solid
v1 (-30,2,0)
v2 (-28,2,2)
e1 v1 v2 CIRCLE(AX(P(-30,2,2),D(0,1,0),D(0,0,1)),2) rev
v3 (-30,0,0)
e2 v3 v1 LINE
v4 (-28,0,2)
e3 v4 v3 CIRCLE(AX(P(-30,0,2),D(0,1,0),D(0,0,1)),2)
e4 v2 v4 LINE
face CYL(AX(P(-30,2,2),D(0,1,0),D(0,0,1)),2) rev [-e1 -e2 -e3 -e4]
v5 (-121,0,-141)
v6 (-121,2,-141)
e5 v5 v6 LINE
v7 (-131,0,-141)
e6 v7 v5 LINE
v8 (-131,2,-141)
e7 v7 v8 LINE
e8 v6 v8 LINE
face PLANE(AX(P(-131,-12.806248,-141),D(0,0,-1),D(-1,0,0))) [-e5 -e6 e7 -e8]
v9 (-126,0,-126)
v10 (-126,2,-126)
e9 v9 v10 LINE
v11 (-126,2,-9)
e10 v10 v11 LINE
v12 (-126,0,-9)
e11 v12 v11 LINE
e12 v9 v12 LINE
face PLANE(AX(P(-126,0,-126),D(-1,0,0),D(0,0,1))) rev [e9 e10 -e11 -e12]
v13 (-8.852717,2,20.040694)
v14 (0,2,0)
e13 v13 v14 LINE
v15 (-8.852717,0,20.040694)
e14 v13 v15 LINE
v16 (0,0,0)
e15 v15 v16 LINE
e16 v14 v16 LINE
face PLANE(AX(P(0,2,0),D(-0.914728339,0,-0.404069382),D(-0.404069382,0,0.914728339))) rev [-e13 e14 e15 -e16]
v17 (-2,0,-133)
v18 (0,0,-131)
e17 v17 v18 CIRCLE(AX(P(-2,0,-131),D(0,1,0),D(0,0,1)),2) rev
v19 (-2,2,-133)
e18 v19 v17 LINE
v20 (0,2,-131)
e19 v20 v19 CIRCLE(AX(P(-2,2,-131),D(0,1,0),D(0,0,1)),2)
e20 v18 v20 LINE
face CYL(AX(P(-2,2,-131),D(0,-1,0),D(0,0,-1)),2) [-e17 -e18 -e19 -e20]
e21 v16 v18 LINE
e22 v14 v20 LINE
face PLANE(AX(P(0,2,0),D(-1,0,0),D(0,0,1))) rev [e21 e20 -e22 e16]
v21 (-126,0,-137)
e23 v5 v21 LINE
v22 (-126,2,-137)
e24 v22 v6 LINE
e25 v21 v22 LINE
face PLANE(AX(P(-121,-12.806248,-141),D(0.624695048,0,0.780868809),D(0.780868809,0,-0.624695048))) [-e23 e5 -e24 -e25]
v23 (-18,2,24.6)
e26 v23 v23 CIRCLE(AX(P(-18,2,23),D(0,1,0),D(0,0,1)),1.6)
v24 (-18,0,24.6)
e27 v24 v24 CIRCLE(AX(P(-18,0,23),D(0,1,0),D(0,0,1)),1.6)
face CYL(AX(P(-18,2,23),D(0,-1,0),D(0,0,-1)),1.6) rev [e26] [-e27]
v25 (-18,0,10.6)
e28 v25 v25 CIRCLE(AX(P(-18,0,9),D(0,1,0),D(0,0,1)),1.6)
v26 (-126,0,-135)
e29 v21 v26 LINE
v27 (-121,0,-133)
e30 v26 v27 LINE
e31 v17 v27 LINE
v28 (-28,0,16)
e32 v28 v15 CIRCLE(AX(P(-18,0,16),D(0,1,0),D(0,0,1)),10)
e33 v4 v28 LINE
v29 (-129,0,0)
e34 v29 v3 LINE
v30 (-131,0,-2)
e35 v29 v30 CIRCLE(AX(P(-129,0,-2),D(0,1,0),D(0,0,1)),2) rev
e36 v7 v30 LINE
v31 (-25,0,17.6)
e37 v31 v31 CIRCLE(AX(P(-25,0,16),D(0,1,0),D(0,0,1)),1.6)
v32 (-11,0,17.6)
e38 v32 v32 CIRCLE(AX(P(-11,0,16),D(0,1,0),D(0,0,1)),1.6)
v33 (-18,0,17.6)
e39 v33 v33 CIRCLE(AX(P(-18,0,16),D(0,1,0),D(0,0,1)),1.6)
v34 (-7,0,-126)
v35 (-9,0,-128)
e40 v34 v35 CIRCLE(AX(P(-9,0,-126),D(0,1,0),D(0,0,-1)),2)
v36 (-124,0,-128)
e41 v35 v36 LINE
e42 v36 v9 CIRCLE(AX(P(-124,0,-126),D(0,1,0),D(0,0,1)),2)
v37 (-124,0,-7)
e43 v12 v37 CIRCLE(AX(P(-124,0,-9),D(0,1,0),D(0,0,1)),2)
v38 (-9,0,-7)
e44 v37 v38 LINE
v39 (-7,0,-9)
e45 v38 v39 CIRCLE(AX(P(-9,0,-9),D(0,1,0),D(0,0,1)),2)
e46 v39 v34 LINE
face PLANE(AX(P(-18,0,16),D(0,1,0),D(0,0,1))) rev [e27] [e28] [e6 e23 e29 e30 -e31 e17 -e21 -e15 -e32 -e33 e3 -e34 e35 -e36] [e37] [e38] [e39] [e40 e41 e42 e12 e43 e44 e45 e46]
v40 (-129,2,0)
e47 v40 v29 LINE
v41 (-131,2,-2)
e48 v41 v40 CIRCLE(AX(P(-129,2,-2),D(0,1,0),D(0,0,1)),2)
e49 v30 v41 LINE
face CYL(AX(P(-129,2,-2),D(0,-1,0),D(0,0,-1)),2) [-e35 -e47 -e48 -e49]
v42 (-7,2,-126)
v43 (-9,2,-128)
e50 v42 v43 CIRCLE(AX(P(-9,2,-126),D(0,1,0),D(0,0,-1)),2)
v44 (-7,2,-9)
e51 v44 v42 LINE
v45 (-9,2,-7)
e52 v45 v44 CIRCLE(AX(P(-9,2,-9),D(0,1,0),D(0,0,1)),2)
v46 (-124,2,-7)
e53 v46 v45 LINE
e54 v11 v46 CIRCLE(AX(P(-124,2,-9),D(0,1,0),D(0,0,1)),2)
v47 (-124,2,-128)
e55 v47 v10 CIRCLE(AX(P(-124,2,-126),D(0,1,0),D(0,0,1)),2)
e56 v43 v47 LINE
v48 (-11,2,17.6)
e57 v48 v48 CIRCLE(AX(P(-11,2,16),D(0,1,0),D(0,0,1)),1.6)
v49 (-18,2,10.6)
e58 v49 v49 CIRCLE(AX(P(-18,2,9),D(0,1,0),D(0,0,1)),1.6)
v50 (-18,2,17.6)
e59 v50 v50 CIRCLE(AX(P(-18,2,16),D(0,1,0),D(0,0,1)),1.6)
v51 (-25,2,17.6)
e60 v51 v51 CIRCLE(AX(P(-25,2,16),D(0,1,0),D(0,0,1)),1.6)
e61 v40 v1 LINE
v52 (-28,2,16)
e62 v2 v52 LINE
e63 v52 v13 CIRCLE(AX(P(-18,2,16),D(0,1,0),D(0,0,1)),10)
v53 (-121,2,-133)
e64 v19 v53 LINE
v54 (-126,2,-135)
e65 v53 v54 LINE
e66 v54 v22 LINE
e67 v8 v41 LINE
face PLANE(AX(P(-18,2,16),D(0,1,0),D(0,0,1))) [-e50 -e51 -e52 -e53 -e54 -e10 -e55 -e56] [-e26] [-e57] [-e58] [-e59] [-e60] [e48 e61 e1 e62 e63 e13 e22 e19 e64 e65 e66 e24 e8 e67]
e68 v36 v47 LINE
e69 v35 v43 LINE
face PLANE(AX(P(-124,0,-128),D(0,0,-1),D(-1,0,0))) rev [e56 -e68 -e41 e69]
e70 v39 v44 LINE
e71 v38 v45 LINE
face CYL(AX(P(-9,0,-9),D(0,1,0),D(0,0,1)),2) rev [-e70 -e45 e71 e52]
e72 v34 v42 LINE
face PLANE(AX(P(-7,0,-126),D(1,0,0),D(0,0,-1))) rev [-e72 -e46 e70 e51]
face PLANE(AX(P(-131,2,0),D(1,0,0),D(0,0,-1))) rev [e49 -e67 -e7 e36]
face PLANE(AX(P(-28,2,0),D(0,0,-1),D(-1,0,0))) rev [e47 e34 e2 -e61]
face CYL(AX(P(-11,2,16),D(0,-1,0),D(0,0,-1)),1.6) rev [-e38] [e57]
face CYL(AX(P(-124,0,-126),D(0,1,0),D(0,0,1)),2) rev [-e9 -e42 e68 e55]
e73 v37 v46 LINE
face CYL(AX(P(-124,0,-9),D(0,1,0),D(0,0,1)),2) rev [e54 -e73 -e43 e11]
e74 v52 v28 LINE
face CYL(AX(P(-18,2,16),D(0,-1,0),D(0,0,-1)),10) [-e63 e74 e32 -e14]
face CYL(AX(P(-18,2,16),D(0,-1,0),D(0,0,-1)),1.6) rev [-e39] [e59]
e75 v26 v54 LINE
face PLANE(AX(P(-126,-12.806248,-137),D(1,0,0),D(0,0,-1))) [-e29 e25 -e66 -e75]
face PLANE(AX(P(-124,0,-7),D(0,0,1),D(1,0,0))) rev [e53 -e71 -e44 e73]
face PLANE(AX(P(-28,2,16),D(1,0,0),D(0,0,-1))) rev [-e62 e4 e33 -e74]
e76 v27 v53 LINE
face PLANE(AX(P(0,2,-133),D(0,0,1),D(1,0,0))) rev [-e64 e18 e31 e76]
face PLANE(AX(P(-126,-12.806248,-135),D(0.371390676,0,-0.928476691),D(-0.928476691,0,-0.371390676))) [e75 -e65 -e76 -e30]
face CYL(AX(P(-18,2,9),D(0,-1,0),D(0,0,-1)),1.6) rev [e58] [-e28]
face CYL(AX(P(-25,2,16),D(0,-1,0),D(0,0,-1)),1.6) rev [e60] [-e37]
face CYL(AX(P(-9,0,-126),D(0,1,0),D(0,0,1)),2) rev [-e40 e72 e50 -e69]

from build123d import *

# Parameters (mm, degrees)
SKETCH_1_R          = 1.6
EXTRUDE_1_DEPTH     = 2
EXTRUDE_2_DEPTH     = 2
CUT_EXTRUDE_1_DEPTH = 193.473374782
FILLET_1_R          = 2


with BuildPart() as part:
    # 草图1 → 凸台-拉伸1 (new body)
    with BuildSketch(Plane(origin=(0, 0, 0), x_dir=(1, 0, 0), z_dir=(0, 1, 0))):
        with BuildLine():
            Line((-28, -16), (-28, 0))
            Line((-28, 0), (-131, 0))
            Line((-131, 0), (-131, 133))
            Line((-131, 133), (0, 133))
            Line((0, 133), (0, 0))
            Line((0, 0), (-8.852716607, -20.040693817))
            ThreePointArc((-8.852716607, -20.040693817), (-20.064844554, -25.78449881), (-28, -16))
        make_face()
        with Locations(Location((-18, -9, 0), (0, 0, 270))):
            Circle(SKETCH_1_R, mode=Mode.SUBTRACT)
        with Locations(Location((-11, -16, 0), (0, 0, 270))):
            Circle(SKETCH_1_R, mode=Mode.SUBTRACT)
        with Locations(Location((-18, -23, 0), (0, 0, 270))):
            Circle(SKETCH_1_R, mode=Mode.SUBTRACT)
        with Locations(Location((-25, -16, 0), (0, 0, 270))):
            Circle(SKETCH_1_R, mode=Mode.SUBTRACT)
        with Locations(Location((-18, -16, 0), (0, 0, 270))):
            Circle(SKETCH_1_R, mode=Mode.SUBTRACT)
    extrude(amount=EXTRUDE_1_DEPTH)

    # 草图2 → 凸台-拉伸2 (add)
    with BuildSketch(Plane(origin=(0, 2, 0), x_dir=(1, 0, 0), z_dir=(0, 1, 0))):
        Polygon((-131, 133), (-131, 141), (-121, 141), (-126, 137), (-126, 135), (-121, 133), align=None)
    extrude(amount=-EXTRUDE_2_DEPTH)

    # 草图3 → 切除-拉伸1 (cut, through all)
    with BuildSketch(Plane(origin=(0, 2, 0), x_dir=(1, 0, 0), z_dir=(0, 1, 0))):
        with BuildLine():
            Line((-124, 128), (-9, 128))
            ThreePointArc((-9, 128), (-7.585786438, 127.414213562), (-7, 126))
            Line((-7, 126), (-7, 9))
            ThreePointArc((-7, 9), (-7.585786438, 7.585786438), (-9, 7))
            Line((-9, 7), (-124, 7))
            ThreePointArc((-124, 7), (-125.414213562, 7.585786438), (-126, 9))
            Line((-126, 9), (-126, 126))
            ThreePointArc((-126, 126), (-125.414213562, 127.414213562), (-124, 128))
        make_face()
    extrude(amount=-CUT_EXTRUDE_1_DEPTH, mode=Mode.SUBTRACT)

    # 圆角1
    fillet_1_edges = [part.edges().sort_by_distance(p)[0] for p in [
        (-28, 1, 0),
        (-131, 1, 0),
        (0, 1, -133),
    ]]
    fillet(fillet_1_edges, radius=FILLET_1_R)


solid = part.part
